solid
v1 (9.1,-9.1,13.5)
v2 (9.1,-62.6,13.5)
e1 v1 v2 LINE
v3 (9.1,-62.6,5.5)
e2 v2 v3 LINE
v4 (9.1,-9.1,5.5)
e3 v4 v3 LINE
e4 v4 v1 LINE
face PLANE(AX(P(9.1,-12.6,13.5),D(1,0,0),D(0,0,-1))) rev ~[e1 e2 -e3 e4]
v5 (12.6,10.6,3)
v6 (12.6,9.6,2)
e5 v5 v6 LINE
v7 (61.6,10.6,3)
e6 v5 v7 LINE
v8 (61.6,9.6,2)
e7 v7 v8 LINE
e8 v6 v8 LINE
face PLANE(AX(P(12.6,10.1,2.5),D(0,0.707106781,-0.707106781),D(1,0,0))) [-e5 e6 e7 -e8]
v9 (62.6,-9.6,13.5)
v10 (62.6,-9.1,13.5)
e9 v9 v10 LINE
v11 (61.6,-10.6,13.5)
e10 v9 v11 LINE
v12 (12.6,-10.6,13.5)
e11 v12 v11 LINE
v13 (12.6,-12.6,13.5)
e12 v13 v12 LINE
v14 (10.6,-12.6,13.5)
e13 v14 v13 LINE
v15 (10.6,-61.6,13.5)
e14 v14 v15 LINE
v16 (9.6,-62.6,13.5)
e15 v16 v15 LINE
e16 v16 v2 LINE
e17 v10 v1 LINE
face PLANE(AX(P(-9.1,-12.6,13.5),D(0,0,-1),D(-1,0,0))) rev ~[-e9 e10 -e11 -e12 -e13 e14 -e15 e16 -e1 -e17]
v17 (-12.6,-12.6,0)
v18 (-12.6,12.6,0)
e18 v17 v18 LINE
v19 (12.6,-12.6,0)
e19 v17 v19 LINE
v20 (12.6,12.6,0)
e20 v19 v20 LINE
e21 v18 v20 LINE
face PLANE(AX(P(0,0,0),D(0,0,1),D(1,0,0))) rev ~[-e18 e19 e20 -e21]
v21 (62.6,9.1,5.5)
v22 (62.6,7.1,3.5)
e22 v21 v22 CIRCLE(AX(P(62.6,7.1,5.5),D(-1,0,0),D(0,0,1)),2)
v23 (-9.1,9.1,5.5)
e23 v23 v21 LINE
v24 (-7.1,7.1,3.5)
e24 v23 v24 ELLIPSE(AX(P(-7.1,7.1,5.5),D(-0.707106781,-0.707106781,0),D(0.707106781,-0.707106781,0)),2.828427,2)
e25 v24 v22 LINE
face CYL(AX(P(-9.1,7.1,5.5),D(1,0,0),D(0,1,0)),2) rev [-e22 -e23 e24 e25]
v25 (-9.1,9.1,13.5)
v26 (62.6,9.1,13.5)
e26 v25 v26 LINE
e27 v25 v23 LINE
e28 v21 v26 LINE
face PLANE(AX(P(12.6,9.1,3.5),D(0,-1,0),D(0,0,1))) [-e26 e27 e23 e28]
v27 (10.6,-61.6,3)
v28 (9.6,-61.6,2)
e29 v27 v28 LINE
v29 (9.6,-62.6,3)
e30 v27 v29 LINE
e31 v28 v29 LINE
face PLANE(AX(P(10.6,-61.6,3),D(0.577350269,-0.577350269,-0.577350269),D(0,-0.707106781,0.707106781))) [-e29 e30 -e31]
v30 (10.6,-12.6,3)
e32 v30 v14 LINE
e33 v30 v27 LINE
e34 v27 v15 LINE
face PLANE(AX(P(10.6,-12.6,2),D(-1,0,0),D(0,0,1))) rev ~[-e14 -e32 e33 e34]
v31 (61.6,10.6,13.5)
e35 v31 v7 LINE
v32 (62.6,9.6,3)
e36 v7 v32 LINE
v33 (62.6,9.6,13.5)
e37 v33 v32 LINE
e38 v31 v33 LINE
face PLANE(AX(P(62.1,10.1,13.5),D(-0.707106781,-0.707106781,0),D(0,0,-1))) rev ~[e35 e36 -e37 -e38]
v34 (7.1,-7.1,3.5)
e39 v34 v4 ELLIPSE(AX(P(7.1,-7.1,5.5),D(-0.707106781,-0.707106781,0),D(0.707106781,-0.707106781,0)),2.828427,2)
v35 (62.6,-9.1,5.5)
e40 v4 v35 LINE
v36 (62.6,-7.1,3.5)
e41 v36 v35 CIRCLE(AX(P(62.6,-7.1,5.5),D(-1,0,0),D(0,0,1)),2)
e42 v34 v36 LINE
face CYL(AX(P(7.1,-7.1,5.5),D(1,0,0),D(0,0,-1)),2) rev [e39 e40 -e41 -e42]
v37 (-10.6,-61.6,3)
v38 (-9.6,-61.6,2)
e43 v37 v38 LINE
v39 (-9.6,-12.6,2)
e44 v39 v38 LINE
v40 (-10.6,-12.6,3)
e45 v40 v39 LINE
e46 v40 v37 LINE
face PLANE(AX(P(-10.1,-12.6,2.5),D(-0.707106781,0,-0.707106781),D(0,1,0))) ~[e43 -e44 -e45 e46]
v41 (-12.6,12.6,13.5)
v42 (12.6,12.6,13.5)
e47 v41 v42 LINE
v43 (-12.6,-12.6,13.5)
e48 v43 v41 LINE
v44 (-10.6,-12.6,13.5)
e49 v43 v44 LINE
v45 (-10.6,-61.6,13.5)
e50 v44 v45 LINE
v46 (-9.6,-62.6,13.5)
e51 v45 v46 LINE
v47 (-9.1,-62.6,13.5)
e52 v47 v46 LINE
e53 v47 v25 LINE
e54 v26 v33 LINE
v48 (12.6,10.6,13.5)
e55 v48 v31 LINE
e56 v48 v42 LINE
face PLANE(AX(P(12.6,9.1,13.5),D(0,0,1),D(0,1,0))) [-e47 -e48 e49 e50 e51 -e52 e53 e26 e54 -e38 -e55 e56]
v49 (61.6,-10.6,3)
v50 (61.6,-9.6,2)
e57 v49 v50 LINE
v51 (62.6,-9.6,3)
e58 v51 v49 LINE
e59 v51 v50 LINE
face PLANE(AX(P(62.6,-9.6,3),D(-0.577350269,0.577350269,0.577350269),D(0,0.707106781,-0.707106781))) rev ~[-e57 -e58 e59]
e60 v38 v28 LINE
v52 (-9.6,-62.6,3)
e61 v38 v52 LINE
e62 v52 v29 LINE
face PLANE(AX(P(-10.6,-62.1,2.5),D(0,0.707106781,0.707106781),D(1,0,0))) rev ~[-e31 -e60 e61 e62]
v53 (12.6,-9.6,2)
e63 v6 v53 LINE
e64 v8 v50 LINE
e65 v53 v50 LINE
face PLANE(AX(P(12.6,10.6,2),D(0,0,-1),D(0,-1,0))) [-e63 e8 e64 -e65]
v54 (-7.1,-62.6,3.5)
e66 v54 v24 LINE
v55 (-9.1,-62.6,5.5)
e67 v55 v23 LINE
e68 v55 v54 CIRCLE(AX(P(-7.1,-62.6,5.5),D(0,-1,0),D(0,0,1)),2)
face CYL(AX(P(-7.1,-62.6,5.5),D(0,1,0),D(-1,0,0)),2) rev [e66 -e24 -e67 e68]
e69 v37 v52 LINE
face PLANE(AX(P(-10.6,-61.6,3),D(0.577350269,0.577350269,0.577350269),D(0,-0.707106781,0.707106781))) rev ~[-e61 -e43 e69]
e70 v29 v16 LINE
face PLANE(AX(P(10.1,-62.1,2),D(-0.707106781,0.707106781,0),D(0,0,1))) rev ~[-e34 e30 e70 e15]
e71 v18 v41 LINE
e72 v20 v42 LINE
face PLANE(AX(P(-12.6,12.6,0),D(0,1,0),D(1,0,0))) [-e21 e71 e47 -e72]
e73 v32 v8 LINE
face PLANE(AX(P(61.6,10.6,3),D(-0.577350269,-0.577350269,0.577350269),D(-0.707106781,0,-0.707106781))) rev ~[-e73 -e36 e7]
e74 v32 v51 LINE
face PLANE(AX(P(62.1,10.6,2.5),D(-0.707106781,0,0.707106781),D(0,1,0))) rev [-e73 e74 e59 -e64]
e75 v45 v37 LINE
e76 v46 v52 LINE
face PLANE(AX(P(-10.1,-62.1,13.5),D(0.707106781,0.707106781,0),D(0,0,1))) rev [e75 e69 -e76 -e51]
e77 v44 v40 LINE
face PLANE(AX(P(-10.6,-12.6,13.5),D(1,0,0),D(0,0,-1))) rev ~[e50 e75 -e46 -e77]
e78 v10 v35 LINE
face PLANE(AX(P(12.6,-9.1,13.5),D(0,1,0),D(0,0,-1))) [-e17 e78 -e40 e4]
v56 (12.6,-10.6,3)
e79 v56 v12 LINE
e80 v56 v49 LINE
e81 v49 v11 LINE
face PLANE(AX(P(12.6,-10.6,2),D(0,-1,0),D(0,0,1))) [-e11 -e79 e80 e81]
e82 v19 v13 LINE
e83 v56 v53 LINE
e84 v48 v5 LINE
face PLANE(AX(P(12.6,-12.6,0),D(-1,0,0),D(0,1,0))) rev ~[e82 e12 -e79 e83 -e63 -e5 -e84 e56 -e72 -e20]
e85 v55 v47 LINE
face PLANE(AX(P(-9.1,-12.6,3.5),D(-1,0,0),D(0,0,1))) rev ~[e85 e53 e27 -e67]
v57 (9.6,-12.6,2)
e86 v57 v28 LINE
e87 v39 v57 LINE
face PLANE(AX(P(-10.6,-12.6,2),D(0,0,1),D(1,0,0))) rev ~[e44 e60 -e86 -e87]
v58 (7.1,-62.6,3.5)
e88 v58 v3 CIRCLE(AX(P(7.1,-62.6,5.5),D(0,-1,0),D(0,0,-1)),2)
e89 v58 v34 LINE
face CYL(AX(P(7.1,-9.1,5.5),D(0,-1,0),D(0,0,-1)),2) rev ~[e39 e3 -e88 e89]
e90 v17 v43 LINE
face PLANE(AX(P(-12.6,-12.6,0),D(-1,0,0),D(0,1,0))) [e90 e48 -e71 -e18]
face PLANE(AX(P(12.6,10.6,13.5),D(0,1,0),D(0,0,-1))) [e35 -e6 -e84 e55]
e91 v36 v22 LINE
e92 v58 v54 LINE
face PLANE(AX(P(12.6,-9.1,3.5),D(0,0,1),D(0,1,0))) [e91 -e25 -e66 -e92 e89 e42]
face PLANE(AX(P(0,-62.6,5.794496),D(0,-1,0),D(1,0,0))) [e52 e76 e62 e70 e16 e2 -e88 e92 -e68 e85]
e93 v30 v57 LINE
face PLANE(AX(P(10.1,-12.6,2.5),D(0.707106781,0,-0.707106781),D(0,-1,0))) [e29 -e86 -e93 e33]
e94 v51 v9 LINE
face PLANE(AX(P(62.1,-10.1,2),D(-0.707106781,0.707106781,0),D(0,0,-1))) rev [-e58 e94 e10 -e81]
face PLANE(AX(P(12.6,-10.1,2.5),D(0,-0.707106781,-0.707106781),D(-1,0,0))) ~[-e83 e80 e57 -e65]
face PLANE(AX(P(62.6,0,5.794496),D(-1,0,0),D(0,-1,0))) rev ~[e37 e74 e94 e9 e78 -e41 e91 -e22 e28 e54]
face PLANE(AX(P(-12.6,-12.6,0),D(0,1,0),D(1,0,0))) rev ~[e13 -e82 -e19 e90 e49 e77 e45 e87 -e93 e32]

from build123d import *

# Parameters (mm, degrees)
SKETCH_W        = 25.2
SKETCH_H        = 25.2
PAD_DEPTH       = 13.5
THICKNESS_T     = -3.5
SKETCH001_W     = 18.2
SKETCH001_H     = 10
POCKET_DEPTH    = 3.5
PAD001_DEPTH    = 50
CHAMFER_SIZE    = 1
SKETCH003_W     = 18.2
SKETCH003_H     = 10
POCKET001_DEPTH = 3.5
PAD002_DEPTH    = 50
CHAMFER001_SIZE = 1
FILLET_R        = 2
FILLET001_R     = 2
FILLET002_R     = 2


with BuildPart() as part:
    # Sketch → Pad (new body)
    with BuildSketch(Plane.XY):
        Rectangle(SKETCH_W, SKETCH_H)
    extrude(amount=PAD_DEPTH)

    # Thickness
    thickness_openings = [part.faces().sort_by_distance(p)[0] for p in [
        (0, 0, 13.5),
    ]]
    offset(amount=THICKNESS_T, openings=thickness_openings, kind=Kind.INTERSECTION)

    # Sketch001 (on Face2 of Thickness) → Pocket (cut)
    with BuildSketch(Plane.XZ.offset(12.6)):
        with Locations((0, 8.5)):
            Rectangle(SKETCH001_W, SKETCH001_H)
    extrude(amount=-POCKET_DEPTH, mode=Mode.SUBTRACT)

    # Sketch002 (on Face3 of Pocket) → Pad001 (join)
    with BuildSketch(Plane.XZ.offset(12.6)):
        Polygon((-10.6, 13.5), (-10.6, 2), (10.6, 2), (10.6, 13.5), (9.1, 13.5), (9.1, 3.5), (-9.1, 3.5), (-9.1, 13.5), align=None)
    extrude(amount=PAD001_DEPTH)

    # Chamfer
    chamfer_edges = [part.edges().sort_by_distance(p)[0] for p in [
        (0, -62.6, 2),
        (10.6, -37.6, 2),
        (-10.6, -37.6, 2),
        (10.6, -62.6, 7.75),
        (-10.6, -62.6, 7.75),
    ]]
    chamfer(chamfer_edges, length=CHAMFER_SIZE)

    # Sketch003 (on Face6 of Chamfer) → Pocket001 (cut)
    with BuildSketch(Plane.YZ.offset(12.6)):
        with Locations((0, 8.5)):
            Rectangle(SKETCH003_W, SKETCH003_H)
    extrude(amount=-POCKET001_DEPTH, mode=Mode.SUBTRACT)

    # Sketch004 (on Face6 of Pocket001) → Pad002 (join)
    with BuildSketch(Plane.YZ.offset(12.6)):
        Polygon((10.6, 13.5), (10.6, 2), (-10.6, 2), (-10.6, 13.5), (-9.1, 13.5), (-9.1, 3.5), (9.1, 3.5), (9.1, 13.5), align=None)
    extrude(amount=PAD002_DEPTH)

    # Chamfer001
    chamfer001_edges = [part.edges().sort_by_distance(p)[0] for p in [
        (37.6, -10.6, 2),
        (62.6, -10.6, 7.75),
        (62.6, 0, 2),
        (62.6, 10.6, 7.75),
        (37.6, 10.6, 2),
    ]]
    chamfer(chamfer001_edges, length=CHAMFER001_SIZE)

    # Fillet
    fillet_edges = [part.edges().sort_by_distance(p)[0] for p in [
        (37.6, 9.1, 3.5),
        (10.85, 9.1, 3.5),
        (0, 9.1, 3.5),
        (-9.1, 0, 3.5),
        (-9.1, -10.85, 3.5),
        (-9.1, -37.6, 3.5),
    ]]
    fillet(fillet_edges, radius=FILLET_R)

    # Fillet001
    fillet001_edges = [part.edges().sort_by_distance(p)[0] for p in [
        (9.1, -10.85, 3.5),
    ]]
    fillet(fillet001_edges, radius=FILLET001_R)

    # Fillet002
    fillet002_edges = [part.edges().sort_by_distance(p)[0] for p in [
        (37.6, -9.1, 3.5),
    ]]
    fillet(fillet002_edges, radius=FILLET002_R)


solid = part.part
